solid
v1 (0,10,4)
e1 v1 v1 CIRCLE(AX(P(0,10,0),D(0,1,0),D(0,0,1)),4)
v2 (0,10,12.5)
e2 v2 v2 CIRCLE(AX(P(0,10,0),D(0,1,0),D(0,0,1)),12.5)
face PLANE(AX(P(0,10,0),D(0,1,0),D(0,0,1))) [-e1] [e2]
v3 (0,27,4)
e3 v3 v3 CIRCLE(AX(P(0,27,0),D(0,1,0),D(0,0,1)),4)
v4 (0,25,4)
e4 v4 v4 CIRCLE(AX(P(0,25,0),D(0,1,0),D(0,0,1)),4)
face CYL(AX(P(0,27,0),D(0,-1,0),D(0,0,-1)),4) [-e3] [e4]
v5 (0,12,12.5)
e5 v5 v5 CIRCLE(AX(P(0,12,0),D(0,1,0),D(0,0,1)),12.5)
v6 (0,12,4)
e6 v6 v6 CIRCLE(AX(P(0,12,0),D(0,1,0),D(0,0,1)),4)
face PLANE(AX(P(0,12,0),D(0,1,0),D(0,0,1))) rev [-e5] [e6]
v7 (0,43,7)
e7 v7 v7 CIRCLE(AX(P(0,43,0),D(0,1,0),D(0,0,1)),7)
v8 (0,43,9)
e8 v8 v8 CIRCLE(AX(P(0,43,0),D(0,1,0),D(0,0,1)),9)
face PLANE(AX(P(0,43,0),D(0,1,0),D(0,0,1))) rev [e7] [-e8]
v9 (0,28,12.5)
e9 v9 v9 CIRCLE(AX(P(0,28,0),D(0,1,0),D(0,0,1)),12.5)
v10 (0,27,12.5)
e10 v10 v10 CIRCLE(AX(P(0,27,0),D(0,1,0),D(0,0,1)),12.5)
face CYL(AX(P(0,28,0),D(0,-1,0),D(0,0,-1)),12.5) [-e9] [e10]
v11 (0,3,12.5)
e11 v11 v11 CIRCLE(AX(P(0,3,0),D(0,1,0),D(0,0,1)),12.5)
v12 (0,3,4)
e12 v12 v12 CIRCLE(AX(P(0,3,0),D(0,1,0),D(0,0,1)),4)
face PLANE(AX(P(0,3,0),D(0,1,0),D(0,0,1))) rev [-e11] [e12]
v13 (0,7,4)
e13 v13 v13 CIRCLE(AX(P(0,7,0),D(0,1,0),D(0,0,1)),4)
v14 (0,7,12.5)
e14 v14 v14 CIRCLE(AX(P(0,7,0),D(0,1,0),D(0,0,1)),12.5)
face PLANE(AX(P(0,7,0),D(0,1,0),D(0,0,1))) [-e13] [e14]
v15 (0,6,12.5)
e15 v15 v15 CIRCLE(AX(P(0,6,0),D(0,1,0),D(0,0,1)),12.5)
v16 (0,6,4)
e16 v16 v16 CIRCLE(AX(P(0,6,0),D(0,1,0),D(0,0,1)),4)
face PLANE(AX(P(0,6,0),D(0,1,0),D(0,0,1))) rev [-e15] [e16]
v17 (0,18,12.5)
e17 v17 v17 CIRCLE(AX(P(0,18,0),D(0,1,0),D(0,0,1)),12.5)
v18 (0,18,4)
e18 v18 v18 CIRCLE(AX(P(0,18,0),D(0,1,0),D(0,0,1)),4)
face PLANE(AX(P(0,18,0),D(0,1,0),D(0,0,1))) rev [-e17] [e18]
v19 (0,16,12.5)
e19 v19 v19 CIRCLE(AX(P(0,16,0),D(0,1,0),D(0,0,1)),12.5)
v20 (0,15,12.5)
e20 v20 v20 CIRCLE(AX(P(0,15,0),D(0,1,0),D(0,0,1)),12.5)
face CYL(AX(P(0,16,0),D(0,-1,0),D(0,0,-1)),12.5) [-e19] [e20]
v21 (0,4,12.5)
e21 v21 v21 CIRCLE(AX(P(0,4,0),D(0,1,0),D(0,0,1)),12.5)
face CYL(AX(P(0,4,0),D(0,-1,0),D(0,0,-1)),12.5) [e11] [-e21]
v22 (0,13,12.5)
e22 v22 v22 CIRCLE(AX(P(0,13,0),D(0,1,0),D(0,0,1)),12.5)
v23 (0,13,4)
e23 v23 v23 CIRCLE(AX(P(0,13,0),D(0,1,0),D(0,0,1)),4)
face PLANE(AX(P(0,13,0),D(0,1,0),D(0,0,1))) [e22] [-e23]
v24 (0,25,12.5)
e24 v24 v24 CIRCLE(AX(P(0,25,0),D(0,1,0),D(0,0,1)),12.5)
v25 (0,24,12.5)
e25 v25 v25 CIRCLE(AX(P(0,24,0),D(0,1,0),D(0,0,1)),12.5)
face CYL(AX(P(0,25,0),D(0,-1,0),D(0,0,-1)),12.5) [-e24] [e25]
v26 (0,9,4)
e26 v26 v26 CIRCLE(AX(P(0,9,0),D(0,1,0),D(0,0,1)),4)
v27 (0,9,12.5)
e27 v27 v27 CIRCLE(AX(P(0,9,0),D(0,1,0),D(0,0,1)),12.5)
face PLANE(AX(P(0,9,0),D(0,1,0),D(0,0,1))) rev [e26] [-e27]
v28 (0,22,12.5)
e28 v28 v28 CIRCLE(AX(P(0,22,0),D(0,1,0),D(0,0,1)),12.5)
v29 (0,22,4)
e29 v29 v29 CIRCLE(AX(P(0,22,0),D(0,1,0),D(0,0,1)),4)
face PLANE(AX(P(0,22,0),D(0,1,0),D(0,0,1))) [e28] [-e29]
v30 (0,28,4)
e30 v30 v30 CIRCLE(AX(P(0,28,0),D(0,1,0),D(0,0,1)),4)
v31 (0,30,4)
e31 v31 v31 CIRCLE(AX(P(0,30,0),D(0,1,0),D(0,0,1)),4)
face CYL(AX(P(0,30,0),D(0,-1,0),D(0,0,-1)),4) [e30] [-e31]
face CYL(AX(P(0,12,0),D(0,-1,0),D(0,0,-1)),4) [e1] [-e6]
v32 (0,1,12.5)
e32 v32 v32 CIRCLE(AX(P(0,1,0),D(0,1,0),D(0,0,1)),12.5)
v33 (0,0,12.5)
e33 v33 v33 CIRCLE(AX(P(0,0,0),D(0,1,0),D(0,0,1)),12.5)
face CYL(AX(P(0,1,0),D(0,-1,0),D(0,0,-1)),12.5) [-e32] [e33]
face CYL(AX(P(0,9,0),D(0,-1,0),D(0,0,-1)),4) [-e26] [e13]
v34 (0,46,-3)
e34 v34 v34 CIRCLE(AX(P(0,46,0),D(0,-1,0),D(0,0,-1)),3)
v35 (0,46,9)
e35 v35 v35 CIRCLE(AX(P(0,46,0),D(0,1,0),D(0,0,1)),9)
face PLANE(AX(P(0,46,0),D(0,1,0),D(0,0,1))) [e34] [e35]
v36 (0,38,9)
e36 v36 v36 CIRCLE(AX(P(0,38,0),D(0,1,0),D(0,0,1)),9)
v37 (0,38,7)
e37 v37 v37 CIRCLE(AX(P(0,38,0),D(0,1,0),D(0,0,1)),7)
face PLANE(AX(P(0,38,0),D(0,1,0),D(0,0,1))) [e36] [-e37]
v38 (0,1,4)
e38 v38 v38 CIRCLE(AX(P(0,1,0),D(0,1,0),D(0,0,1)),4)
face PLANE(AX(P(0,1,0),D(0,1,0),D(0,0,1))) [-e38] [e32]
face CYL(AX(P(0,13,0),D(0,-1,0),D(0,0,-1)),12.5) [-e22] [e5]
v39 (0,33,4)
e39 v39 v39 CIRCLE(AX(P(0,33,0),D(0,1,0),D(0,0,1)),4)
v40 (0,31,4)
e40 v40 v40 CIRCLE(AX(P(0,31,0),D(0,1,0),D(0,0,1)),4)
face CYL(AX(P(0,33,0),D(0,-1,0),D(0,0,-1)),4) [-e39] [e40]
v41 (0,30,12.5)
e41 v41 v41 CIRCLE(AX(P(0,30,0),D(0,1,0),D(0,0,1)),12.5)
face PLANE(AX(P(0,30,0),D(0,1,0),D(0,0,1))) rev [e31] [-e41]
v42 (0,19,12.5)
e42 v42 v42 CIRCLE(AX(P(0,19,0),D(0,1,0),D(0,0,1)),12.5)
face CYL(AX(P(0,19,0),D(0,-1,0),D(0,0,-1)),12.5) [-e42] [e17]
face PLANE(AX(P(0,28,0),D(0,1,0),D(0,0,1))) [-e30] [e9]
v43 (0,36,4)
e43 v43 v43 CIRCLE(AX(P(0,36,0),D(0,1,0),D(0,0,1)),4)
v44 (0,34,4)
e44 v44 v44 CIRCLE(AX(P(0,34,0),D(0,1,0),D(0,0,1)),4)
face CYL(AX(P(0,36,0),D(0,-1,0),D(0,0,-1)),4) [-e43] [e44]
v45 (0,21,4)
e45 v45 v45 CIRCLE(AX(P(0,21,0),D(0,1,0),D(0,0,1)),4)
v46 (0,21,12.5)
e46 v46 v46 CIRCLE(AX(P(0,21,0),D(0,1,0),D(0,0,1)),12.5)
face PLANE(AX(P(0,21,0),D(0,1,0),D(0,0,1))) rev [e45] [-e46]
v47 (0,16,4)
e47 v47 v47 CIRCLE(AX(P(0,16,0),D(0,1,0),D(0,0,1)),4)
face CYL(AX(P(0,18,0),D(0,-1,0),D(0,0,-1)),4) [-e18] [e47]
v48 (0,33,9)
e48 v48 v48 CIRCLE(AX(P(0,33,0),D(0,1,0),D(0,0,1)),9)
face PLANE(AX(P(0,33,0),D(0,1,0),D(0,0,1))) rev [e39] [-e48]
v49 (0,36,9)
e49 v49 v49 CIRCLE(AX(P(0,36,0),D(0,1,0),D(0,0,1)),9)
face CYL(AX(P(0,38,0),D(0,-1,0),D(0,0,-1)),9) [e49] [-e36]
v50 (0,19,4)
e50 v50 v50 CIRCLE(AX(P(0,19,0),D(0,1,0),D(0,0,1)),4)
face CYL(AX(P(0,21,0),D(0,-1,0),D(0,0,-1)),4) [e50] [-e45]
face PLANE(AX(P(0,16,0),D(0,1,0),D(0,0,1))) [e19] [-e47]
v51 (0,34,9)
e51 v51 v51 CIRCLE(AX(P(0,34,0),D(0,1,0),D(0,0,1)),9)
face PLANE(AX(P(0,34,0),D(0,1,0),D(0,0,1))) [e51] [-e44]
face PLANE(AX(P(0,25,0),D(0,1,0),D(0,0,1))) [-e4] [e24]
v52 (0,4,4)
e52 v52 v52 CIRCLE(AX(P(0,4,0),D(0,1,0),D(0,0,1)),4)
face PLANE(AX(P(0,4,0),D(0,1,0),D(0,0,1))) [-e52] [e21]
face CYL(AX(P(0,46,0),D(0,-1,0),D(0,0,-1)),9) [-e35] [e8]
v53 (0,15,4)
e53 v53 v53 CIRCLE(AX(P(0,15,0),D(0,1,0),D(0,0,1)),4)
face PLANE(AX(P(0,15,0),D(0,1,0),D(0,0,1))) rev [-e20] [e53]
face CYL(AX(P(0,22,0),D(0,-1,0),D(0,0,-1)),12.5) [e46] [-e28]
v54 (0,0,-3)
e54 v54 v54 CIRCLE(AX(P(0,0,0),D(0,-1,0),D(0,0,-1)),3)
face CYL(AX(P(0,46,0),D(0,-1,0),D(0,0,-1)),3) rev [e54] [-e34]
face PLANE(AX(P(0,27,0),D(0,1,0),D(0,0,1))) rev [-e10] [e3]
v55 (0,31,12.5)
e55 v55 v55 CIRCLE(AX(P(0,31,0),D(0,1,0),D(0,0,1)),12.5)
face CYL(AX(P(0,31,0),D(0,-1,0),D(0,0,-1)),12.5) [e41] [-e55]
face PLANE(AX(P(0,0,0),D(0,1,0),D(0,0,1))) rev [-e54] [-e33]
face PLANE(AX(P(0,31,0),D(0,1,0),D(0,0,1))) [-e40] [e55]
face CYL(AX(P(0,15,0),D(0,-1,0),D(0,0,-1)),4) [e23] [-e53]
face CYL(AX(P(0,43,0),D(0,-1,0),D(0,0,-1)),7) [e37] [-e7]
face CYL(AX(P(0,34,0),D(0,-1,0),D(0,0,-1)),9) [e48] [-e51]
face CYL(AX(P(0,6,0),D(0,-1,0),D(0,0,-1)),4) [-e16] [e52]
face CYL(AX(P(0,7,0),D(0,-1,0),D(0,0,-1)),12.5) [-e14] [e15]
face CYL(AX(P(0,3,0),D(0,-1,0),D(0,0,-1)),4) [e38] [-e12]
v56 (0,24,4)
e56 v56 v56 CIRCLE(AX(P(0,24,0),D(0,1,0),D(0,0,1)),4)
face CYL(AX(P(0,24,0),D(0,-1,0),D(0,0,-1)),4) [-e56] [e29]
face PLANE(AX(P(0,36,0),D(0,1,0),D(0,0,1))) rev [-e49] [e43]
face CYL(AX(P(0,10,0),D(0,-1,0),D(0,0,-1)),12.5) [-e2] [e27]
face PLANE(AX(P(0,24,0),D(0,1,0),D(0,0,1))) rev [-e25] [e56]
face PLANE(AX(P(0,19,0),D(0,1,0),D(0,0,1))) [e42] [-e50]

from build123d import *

# Parameters (mm, degrees)
SKETCH_1_R          = 12.5
EXTRUDE_1_DEPTH     = 1
SKETCH_5_R          = 4
EXTRUDE_4_DEPTH     = 2
SKETCH_6_R          = 12.5
EXTRUDE_5_DEPTH     = 1
SKETCH_7_R          = 4
EXTRUDE_6_DEPTH     = 2
SKETCH_8_R          = 12.5
EXTRUDE_7_DEPTH     = 1
SKETCH_9_R          = 4
EXTRUDE_8_DEPTH     = 2
SKETCH_10_R         = 12.5
EXTRUDE_9_DEPTH     = 1
SKETCH_11_R         = 4
EXTRUDE_10_DEPTH    = 2
SKETCH_12_R         = 12.5
EXTRUDE_11_DEPTH    = 1
SKETCH_13_R         = 4
EXTRUDE_12_DEPTH    = 2
SKETCH_14_R         = 12.5
EXTRUDE_13_DEPTH    = 1
SKETCH_15_R         = 4
EXTRUDE_14_DEPTH    = 2
SKETCH_16_R         = 12.5
EXTRUDE_15_DEPTH    = 1
SKETCH_17_R         = 4
EXTRUDE_16_DEPTH    = 2
SKETCH_18_R         = 12.5
EXTRUDE_17_DEPTH    = 1
SKETCH_19_R         = 4
EXTRUDE_18_DEPTH    = 2
SKETCH_20_R         = 12.5
EXTRUDE_19_DEPTH    = 1
SKETCH_21_R         = 4
EXTRUDE_20_DEPTH    = 2
SKETCH_22_R         = 12.5
EXTRUDE_21_DEPTH    = 1
SKETCH_23_R         = 4
EXTRUDE_22_DEPTH    = 2
SKETCH_24_R         = 12.5
EXTRUDE_23_DEPTH    = 1
SKETCH_25_R         = 4
EXTRUDE_24_DEPTH    = 2
SKETCH_26_R         = 9
EXTRUDE_25_DEPTH    = 1
SKETCH_27_R         = 4
EXTRUDE_26_DEPTH    = 2
SKETCH_28_R         = 9
EXTRUDE_27_DEPTH    = 2
SKETCH_29_R         = 7
EXTRUDE_28_DEPTH    = 5
SKETCH_30_R         = 9
EXTRUDE_29_DEPTH    = 3
SKETCH_31_R         = 3
CUT_EXTRUDE_1_DEPTH = 50.279813311


with BuildPart() as part:
    # 草图1 → 凸台-拉伸1 (new body)
    with BuildSketch(Plane(origin=(0, 0, 0), x_dir=(1, 0, 0), z_dir=(0, 1, 0))):
        with Locations(Location((0, 0, 0), (0, 0, 270))):
            Circle(SKETCH_1_R)
    extrude(amount=EXTRUDE_1_DEPTH)

    # 草图5 → 凸台-拉伸4 (add)
    with BuildSketch(Plane(origin=(0, 1, 0), x_dir=(1, 0, 0), z_dir=(0, 1, 0))):
        with Locations(Location((0, 0, 0), (0, 0, 270))):
            Circle(SKETCH_5_R)
    extrude(amount=EXTRUDE_4_DEPTH)

    # 草图6 → 凸台-拉伸5 (add)
    with BuildSketch(Plane(origin=(0, 3, 0), x_dir=(1, 0, 0), z_dir=(0, 1, 0))):
        with Locations(Location((0, 0, 0), (0, 0, 270))):
            Circle(SKETCH_6_R)
    extrude(amount=EXTRUDE_5_DEPTH)

    # 草图7 → 凸台-拉伸6 (add)
    with BuildSketch(Plane(origin=(0, 4, 0), x_dir=(1, 0, 0), z_dir=(0, 1, 0))):
        with Locations(Location((0, 0, 0), (0, 0, 270))):
            Circle(SKETCH_7_R)
    extrude(amount=EXTRUDE_6_DEPTH)

    # 草图8 → 凸台-拉伸7 (add)
    with BuildSketch(Plane(origin=(0, 6, 0), x_dir=(1, 0, 0), z_dir=(0, 1, 0))):
        with Locations(Location((0, 0, 0), (0, 0, 270))):
            Circle(SKETCH_8_R)
    extrude(amount=EXTRUDE_7_DEPTH)

    # 草图9 → 凸台-拉伸8 (add)
    with BuildSketch(Plane(origin=(0, 7, 0), x_dir=(1, 0, 0), z_dir=(0, 1, 0))):
        with Locations(Location((0, 0, 0), (0, 0, 270))):
            Circle(SKETCH_9_R)
    extrude(amount=EXTRUDE_8_DEPTH)

    # 草图10 → 凸台-拉伸9 (add)
    with BuildSketch(Plane(origin=(0, 9, 0), x_dir=(1, 0, 0), z_dir=(0, 1, 0))):
        with Locations(Location((0, 0, 0), (0, 0, 270))):
            Circle(SKETCH_10_R)
    extrude(amount=EXTRUDE_9_DEPTH)

    # 草图11 → 凸台-拉伸10 (add)
    with BuildSketch(Plane(origin=(0, 10, 0), x_dir=(1, 0, 0), z_dir=(0, 1, 0))):
        with Locations(Location((0, 0, 0), (0, 0, 270))):
            Circle(SKETCH_11_R)
    extrude(amount=EXTRUDE_10_DEPTH)

    # 草图12 → 凸台-拉伸11 (add)
    with BuildSketch(Plane(origin=(0, 12, 0), x_dir=(1, 0, 0), z_dir=(0, 1, 0))):
        with Locations(Location((0, 0, 0), (0, 0, 270))):
            Circle(SKETCH_12_R)
    extrude(amount=EXTRUDE_11_DEPTH)

    # 草图13 → 凸台-拉伸12 (add)
    with BuildSketch(Plane(origin=(0, 13, 0), x_dir=(1, 0, 0), z_dir=(0, 1, 0))):
        with Locations(Location((0, 0, 0), (0, 0, 270))):
            Circle(SKETCH_13_R)
    extrude(amount=EXTRUDE_12_DEPTH)

    # 草图14 → 凸台-拉伸13 (add)
    with BuildSketch(Plane(origin=(0, 15, 0), x_dir=(1, 0, 0), z_dir=(0, 1, 0))):
        with Locations(Location((0, 0, 0), (0, 0, 270))):
            Circle(SKETCH_14_R)
    extrude(amount=EXTRUDE_13_DEPTH)

    # 草图15 → 凸台-拉伸14 (add)
    with BuildSketch(Plane(origin=(0, 16, 0), x_dir=(1, 0, 0), z_dir=(0, 1, 0))):
        with Locations(Location((0, 0, 0), (0, 0, 270))):
            Circle(SKETCH_15_R)
    extrude(amount=EXTRUDE_14_DEPTH)

    # 草图16 → 凸台-拉伸15 (add)
    with BuildSketch(Plane(origin=(0, 18, 0), x_dir=(1, 0, 0), z_dir=(0, 1, 0))):
        with Locations(Location((0, 0, 0), (0, 0, 270))):
            Circle(SKETCH_16_R)
    extrude(amount=EXTRUDE_15_DEPTH)

    # 草图17 → 凸台-拉伸16 (add)
    with BuildSketch(Plane(origin=(0, 19, 0), x_dir=(1, 0, 0), z_dir=(0, 1, 0))):
        with Locations(Location((0, 0, 0), (0, 0, 270))):
            Circle(SKETCH_17_R)
    extrude(amount=EXTRUDE_16_DEPTH)

    # 草图18 → 凸台-拉伸17 (add)
    with BuildSketch(Plane(origin=(0, 21, 0), x_dir=(1, 0, 0), z_dir=(0, 1, 0))):
        with Locations(Location((0, 0, 0), (0, 0, 270))):
            Circle(SKETCH_18_R)
    extrude(amount=EXTRUDE_17_DEPTH)

    # 草图19 → 凸台-拉伸18 (add)
    with BuildSketch(Plane(origin=(0, 22, 0), x_dir=(1, 0, 0), z_dir=(0, 1, 0))):
        with Locations(Location((0, 0, 0), (0, 0, 270))):
            Circle(SKETCH_19_R)
    extrude(amount=EXTRUDE_18_DEPTH)

    # 草图20 → 凸台-拉伸19 (add)
    with BuildSketch(Plane(origin=(0, 24, 0), x_dir=(1, 0, 0), z_dir=(0, 1, 0))):
        with Locations(Location((0, 0, 0), (0, 0, 270))):
            Circle(SKETCH_20_R)
    extrude(amount=EXTRUDE_19_DEPTH)

    # 草图21 → 凸台-拉伸20 (add)
    with BuildSketch(Plane(origin=(0, 25, 0), x_dir=(1, 0, 0), z_dir=(0, 1, 0))):
        with Locations(Location((0, 0, 0), (0, 0, 270))):
            Circle(SKETCH_21_R)
    extrude(amount=EXTRUDE_20_DEPTH)

    # 草图22 → 凸台-拉伸21 (add)
    with BuildSketch(Plane(origin=(0, 27, 0), x_dir=(1, 0, 0), z_dir=(0, 1, 0))):
        with Locations(Location((0, 0, 0), (0, 0, 270))):
            Circle(SKETCH_22_R)
    extrude(amount=EXTRUDE_21_DEPTH)

    # 草图23 → 凸台-拉伸22 (add)
    with BuildSketch(Plane(origin=(0, 28, 0), x_dir=(1, 0, 0), z_dir=(0, 1, 0))):
        with Locations(Location((0, 0, 0), (0, 0, 270))):
            Circle(SKETCH_23_R)
    extrude(amount=EXTRUDE_22_DEPTH)

    # 草图24 → 凸台-拉伸23 (add)
    with BuildSketch(Plane(origin=(0, 30, 0), x_dir=(1, 0, 0), z_dir=(0, 1, 0))):
        with Locations(Location((0, 0, 0), (0, 0, 270))):
            Circle(SKETCH_24_R)
    extrude(amount=EXTRUDE_23_DEPTH)

    # 草图25 → 凸台-拉伸24 (add)
    with BuildSketch(Plane(origin=(0, 31, 0), x_dir=(1, 0, 0), z_dir=(0, 1, 0))):
        with Locations(Location((0, 0, 0), (0, 0, 270))):
            Circle(SKETCH_25_R)
    extrude(amount=EXTRUDE_24_DEPTH)

    # 草图26 → 凸台-拉伸25 (add)
    with BuildSketch(Plane(origin=(0, 33, 0), x_dir=(1, 0, 0), z_dir=(0, 1, 0))):
        with Locations(Location((0, 0, 0), (0, 0, 270))):
            Circle(SKETCH_26_R)
    extrude(amount=EXTRUDE_25_DEPTH)

    # 草图27 → 凸台-拉伸26 (add)
    with BuildSketch(Plane(origin=(0, 34, 0), x_dir=(1, 0, 0), z_dir=(0, 1, 0))):
        with Locations(Location((0, 0, 0), (0, 0, 270))):
            Circle(SKETCH_27_R)
    extrude(amount=EXTRUDE_26_DEPTH)

    # 草图28 → 凸台-拉伸27 (add)
    with BuildSketch(Plane(origin=(0, 36, 0), x_dir=(1, 0, 0), z_dir=(0, 1, 0))):
        with Locations(Location((0, 0, 0), (0, 0, 270))):
            Circle(SKETCH_28_R)
    extrude(amount=EXTRUDE_27_DEPTH)

    # 草图29 → 凸台-拉伸28 (add)
    with BuildSketch(Plane(origin=(0, 38, 0), x_dir=(1, 0, 0), z_dir=(0, 1, 0))):
        with Locations(Location((0, 0, 0), (0, 0, 270))):
            Circle(SKETCH_29_R)
    extrude(amount=EXTRUDE_28_DEPTH)

    # 草图30 → 凸台-拉伸29 (add)
    with BuildSketch(Plane(origin=(0, 43, 0), x_dir=(1, 0, 0), z_dir=(0, 1, 0))):
        with Locations(Location((0, 0, 0), (0, 0, 270))):
            Circle(SKETCH_30_R)
    extrude(amount=EXTRUDE_29_DEPTH)

    # 草图31 → 切除-拉伸1 (cut, through all)
    with BuildSketch(Plane(origin=(0, 0, 0), x_dir=(-1, 0, 0), z_dir=(0, -1, 0))):
        with Locations(Location((0, 0, 0), (0, 0, 90))):
            Circle(SKETCH_31_R)
    extrude(amount=-CUT_EXTRUDE_1_DEPTH, mode=Mode.SUBTRACT)


solid = part.part
